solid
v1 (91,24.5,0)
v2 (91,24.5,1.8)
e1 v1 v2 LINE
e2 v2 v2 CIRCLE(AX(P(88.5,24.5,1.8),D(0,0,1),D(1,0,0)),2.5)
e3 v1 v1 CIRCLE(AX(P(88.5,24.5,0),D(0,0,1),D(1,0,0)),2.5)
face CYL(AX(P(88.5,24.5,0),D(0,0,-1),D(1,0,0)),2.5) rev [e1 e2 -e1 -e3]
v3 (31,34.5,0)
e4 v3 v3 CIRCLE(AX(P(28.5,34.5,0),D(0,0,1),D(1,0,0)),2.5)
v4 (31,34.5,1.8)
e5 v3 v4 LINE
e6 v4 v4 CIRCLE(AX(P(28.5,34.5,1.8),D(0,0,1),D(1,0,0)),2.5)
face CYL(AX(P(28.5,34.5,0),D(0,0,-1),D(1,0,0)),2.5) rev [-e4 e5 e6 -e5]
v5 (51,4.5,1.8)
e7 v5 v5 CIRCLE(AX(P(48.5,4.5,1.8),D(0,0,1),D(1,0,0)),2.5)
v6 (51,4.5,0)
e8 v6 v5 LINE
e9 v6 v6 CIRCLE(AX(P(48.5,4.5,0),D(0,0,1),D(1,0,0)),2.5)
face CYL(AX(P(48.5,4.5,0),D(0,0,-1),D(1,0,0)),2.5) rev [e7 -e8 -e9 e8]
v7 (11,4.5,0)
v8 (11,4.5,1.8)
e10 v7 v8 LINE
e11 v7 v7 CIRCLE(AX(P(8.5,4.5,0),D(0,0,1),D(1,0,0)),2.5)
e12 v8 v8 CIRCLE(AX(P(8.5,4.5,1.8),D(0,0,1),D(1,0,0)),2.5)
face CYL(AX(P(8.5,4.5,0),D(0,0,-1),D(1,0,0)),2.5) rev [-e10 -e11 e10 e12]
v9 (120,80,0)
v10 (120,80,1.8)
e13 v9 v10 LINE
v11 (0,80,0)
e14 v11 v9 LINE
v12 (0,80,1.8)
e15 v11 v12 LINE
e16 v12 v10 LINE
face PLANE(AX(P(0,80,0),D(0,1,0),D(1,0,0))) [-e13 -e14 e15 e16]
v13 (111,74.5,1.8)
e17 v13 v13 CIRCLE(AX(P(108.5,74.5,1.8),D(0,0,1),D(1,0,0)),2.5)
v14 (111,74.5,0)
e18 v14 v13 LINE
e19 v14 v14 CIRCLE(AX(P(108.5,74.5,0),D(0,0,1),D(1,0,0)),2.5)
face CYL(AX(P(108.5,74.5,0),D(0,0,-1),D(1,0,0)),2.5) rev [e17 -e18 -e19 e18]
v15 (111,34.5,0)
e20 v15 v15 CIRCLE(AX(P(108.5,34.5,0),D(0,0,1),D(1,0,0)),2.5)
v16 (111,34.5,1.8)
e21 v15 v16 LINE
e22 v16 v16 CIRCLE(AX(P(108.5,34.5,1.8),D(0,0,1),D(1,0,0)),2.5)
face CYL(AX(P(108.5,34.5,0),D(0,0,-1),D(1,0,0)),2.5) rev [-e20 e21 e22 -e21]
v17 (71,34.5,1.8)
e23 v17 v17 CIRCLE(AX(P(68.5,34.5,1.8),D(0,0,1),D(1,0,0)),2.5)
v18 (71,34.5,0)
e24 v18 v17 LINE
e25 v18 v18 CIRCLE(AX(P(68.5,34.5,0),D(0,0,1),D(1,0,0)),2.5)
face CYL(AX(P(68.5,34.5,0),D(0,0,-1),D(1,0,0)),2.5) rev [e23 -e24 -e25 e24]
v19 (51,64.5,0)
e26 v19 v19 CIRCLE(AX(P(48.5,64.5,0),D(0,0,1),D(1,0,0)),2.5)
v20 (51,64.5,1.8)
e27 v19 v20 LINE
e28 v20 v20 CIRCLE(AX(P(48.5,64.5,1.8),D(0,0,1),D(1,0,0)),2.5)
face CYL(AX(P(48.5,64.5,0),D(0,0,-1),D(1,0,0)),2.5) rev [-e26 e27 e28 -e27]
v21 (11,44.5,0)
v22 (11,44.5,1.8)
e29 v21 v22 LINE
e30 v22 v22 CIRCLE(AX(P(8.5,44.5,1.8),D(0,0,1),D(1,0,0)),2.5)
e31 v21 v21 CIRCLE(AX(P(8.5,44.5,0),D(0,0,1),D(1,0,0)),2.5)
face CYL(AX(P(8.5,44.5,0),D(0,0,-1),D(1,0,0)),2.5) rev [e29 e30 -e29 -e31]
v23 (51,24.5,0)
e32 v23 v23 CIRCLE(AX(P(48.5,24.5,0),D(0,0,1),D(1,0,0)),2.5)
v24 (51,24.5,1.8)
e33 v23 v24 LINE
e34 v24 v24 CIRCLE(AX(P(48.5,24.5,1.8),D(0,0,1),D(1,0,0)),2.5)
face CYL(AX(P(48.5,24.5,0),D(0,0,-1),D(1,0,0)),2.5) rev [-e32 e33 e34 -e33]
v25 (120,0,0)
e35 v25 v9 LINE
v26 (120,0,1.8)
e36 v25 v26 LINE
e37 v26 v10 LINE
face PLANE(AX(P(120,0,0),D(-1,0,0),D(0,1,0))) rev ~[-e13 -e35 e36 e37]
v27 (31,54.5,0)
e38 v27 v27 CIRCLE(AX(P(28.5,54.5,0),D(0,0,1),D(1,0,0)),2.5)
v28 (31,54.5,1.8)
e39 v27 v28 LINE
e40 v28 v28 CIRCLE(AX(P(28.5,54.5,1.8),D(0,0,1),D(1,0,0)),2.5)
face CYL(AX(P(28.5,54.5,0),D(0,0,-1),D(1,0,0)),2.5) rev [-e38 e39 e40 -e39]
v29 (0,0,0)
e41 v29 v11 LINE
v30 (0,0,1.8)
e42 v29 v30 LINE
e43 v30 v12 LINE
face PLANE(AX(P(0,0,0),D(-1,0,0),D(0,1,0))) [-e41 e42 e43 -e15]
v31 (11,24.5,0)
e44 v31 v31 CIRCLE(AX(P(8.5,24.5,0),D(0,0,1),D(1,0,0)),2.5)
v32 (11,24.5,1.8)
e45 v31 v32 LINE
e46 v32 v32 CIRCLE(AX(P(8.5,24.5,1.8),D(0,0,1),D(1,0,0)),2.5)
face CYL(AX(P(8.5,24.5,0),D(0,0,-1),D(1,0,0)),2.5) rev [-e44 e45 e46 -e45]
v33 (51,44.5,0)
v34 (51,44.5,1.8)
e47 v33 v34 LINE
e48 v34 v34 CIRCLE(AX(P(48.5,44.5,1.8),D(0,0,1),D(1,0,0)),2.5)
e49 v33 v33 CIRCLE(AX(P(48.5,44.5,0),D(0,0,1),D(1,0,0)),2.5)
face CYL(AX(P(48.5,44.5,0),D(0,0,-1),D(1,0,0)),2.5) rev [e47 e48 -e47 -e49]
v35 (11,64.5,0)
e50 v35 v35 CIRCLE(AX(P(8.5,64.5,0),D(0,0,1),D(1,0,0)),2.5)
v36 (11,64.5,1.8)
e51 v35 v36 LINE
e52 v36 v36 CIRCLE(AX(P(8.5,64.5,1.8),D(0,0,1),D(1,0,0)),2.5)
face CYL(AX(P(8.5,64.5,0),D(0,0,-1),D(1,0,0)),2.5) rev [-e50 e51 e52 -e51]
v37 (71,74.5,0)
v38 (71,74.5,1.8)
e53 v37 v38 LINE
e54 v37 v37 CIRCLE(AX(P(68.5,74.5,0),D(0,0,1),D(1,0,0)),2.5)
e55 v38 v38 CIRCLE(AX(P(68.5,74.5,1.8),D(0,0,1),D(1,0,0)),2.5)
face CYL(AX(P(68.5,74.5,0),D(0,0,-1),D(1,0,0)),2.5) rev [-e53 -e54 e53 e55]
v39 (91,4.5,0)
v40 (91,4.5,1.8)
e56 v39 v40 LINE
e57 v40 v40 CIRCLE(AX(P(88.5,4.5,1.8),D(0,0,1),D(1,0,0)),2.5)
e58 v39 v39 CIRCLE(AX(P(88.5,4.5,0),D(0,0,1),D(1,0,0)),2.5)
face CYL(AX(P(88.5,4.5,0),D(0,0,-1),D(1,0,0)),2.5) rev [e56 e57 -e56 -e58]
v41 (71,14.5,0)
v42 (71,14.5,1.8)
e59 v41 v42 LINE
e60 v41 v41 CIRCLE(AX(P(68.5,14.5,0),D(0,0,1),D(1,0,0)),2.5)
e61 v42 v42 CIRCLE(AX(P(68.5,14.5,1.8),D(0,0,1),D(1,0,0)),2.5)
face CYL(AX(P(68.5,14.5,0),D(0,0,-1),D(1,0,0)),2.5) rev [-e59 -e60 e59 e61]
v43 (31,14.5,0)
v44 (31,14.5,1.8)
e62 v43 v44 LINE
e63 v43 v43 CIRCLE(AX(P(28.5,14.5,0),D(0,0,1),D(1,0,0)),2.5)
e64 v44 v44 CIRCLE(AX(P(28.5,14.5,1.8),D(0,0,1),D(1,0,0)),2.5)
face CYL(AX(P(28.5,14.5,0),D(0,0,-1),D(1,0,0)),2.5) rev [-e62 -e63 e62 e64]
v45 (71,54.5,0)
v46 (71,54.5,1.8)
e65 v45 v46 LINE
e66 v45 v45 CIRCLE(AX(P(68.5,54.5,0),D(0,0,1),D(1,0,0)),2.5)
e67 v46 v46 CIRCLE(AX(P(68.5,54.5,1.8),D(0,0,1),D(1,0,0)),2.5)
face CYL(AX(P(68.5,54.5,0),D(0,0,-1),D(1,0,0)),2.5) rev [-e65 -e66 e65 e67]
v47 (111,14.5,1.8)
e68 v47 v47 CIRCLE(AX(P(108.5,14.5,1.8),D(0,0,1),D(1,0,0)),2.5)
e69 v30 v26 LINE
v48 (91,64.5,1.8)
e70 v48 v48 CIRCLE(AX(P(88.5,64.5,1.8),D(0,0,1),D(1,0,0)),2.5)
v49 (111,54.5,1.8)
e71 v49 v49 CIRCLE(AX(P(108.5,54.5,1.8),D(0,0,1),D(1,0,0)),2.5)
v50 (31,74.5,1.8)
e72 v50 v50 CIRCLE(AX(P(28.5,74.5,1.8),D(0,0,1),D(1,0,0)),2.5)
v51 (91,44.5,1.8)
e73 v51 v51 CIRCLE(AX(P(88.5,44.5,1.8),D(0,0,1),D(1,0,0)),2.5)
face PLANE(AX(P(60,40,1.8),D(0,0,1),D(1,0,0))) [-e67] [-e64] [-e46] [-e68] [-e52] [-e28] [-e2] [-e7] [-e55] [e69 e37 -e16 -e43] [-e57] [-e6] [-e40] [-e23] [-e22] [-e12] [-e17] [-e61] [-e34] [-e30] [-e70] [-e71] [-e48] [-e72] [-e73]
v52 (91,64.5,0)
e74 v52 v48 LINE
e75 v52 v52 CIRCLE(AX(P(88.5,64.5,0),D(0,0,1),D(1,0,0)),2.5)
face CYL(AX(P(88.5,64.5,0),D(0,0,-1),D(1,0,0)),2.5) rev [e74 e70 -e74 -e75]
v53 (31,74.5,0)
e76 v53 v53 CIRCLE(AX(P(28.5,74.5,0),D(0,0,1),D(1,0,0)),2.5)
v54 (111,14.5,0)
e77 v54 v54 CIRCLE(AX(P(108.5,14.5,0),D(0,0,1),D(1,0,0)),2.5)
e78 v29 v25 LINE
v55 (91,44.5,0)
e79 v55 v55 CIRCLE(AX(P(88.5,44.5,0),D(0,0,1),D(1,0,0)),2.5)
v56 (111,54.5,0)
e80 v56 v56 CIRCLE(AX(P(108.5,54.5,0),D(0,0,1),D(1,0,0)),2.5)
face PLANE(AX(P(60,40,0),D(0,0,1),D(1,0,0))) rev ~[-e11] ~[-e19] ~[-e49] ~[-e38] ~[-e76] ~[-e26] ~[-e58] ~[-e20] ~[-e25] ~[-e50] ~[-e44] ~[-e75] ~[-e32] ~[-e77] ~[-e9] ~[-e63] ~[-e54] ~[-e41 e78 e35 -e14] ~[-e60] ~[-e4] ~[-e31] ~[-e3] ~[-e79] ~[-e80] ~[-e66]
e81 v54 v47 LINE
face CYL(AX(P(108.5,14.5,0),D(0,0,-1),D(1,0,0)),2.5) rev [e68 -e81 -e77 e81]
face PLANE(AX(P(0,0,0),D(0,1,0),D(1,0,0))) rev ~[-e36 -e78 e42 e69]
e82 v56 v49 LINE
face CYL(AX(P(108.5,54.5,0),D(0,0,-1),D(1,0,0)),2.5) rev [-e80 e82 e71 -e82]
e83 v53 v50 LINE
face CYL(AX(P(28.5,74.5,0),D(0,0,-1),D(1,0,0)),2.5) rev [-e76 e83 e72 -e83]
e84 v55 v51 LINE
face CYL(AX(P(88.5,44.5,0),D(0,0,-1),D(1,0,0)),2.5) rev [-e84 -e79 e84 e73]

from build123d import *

# Parameters (mm, degrees)
SKETCH_W  = 120
SKETCH_H  = 80
SKETCH_R  = 2.5
PAD_DEPTH = 1.8


with BuildPart() as part:
    # Sketch → Pad (new body)
    with BuildSketch(Plane.XY):
        with Locations((60, 40)):
            Rectangle(SKETCH_W, SKETCH_H)
        with Locations((8.5, 4.5)):
            Circle(SKETCH_R, mode=Mode.SUBTRACT)
        with Locations((48.5, 4.5)):
            Circle(SKETCH_R, mode=Mode.SUBTRACT)
        with Locations((88.5, 4.5)):
            Circle(SKETCH_R, mode=Mode.SUBTRACT)
        with Locations((28.5, 14.5)):
            Circle(SKETCH_R, mode=Mode.SUBTRACT)
        with Locations((108.5, 14.5)):
            Circle(SKETCH_R, mode=Mode.SUBTRACT)
        with Locations((8.5, 24.5)):
            Circle(SKETCH_R, mode=Mode.SUBTRACT)
        with Locations((48.5, 24.5)):
            Circle(SKETCH_R, mode=Mode.SUBTRACT)
        with Locations((88.5, 24.5)):
            Circle(SKETCH_R, mode=Mode.SUBTRACT)
        with Locations((8.5, 44.5)):
            Circle(SKETCH_R, mode=Mode.SUBTRACT)
        with Locations((48.5, 44.5)):
            Circle(SKETCH_R, mode=Mode.SUBTRACT)
        with Locations((88.5, 44.5)):
            Circle(SKETCH_R, mode=Mode.SUBTRACT)
        with Locations((28.5, 54.5)):
            Circle(SKETCH_R, mode=Mode.SUBTRACT)
        with Locations((68.5, 54.5)):
            Circle(SKETCH_R, mode=Mode.SUBTRACT)
        with Locations((108.5, 54.5)):
            Circle(SKETCH_R, mode=Mode.SUBTRACT)
        with Locations((88.5, 64.5)):
            Circle(SKETCH_R, mode=Mode.SUBTRACT)
        with Locations((48.5, 64.5)):
            Circle(SKETCH_R, mode=Mode.SUBTRACT)
        with Locations((8.5, 64.5)):
            Circle(SKETCH_R, mode=Mode.SUBTRACT)
        with Locations((28.5, 34.5)):
            Circle(SKETCH_R, mode=Mode.SUBTRACT)
        with Locations((68.5, 34.5)):
            Circle(SKETCH_R, mode=Mode.SUBTRACT)
        with Locations((108.5, 34.5)):
            Circle(SKETCH_R, mode=Mode.SUBTRACT)
        with Locations((28.5, 74.5)):
            Circle(SKETCH_R, mode=Mode.SUBTRACT)
        with Locations((68.5, 74.5)):
            Circle(SKETCH_R, mode=Mode.SUBTRACT)
        with Locations((108.5, 74.5)):
            Circle(SKETCH_R, mode=Mode.SUBTRACT)
        with Locations((68.5, 14.5)):
            Circle(SKETCH_R, mode=Mode.SUBTRACT)
    extrude(amount=PAD_DEPTH)


solid = part.part
